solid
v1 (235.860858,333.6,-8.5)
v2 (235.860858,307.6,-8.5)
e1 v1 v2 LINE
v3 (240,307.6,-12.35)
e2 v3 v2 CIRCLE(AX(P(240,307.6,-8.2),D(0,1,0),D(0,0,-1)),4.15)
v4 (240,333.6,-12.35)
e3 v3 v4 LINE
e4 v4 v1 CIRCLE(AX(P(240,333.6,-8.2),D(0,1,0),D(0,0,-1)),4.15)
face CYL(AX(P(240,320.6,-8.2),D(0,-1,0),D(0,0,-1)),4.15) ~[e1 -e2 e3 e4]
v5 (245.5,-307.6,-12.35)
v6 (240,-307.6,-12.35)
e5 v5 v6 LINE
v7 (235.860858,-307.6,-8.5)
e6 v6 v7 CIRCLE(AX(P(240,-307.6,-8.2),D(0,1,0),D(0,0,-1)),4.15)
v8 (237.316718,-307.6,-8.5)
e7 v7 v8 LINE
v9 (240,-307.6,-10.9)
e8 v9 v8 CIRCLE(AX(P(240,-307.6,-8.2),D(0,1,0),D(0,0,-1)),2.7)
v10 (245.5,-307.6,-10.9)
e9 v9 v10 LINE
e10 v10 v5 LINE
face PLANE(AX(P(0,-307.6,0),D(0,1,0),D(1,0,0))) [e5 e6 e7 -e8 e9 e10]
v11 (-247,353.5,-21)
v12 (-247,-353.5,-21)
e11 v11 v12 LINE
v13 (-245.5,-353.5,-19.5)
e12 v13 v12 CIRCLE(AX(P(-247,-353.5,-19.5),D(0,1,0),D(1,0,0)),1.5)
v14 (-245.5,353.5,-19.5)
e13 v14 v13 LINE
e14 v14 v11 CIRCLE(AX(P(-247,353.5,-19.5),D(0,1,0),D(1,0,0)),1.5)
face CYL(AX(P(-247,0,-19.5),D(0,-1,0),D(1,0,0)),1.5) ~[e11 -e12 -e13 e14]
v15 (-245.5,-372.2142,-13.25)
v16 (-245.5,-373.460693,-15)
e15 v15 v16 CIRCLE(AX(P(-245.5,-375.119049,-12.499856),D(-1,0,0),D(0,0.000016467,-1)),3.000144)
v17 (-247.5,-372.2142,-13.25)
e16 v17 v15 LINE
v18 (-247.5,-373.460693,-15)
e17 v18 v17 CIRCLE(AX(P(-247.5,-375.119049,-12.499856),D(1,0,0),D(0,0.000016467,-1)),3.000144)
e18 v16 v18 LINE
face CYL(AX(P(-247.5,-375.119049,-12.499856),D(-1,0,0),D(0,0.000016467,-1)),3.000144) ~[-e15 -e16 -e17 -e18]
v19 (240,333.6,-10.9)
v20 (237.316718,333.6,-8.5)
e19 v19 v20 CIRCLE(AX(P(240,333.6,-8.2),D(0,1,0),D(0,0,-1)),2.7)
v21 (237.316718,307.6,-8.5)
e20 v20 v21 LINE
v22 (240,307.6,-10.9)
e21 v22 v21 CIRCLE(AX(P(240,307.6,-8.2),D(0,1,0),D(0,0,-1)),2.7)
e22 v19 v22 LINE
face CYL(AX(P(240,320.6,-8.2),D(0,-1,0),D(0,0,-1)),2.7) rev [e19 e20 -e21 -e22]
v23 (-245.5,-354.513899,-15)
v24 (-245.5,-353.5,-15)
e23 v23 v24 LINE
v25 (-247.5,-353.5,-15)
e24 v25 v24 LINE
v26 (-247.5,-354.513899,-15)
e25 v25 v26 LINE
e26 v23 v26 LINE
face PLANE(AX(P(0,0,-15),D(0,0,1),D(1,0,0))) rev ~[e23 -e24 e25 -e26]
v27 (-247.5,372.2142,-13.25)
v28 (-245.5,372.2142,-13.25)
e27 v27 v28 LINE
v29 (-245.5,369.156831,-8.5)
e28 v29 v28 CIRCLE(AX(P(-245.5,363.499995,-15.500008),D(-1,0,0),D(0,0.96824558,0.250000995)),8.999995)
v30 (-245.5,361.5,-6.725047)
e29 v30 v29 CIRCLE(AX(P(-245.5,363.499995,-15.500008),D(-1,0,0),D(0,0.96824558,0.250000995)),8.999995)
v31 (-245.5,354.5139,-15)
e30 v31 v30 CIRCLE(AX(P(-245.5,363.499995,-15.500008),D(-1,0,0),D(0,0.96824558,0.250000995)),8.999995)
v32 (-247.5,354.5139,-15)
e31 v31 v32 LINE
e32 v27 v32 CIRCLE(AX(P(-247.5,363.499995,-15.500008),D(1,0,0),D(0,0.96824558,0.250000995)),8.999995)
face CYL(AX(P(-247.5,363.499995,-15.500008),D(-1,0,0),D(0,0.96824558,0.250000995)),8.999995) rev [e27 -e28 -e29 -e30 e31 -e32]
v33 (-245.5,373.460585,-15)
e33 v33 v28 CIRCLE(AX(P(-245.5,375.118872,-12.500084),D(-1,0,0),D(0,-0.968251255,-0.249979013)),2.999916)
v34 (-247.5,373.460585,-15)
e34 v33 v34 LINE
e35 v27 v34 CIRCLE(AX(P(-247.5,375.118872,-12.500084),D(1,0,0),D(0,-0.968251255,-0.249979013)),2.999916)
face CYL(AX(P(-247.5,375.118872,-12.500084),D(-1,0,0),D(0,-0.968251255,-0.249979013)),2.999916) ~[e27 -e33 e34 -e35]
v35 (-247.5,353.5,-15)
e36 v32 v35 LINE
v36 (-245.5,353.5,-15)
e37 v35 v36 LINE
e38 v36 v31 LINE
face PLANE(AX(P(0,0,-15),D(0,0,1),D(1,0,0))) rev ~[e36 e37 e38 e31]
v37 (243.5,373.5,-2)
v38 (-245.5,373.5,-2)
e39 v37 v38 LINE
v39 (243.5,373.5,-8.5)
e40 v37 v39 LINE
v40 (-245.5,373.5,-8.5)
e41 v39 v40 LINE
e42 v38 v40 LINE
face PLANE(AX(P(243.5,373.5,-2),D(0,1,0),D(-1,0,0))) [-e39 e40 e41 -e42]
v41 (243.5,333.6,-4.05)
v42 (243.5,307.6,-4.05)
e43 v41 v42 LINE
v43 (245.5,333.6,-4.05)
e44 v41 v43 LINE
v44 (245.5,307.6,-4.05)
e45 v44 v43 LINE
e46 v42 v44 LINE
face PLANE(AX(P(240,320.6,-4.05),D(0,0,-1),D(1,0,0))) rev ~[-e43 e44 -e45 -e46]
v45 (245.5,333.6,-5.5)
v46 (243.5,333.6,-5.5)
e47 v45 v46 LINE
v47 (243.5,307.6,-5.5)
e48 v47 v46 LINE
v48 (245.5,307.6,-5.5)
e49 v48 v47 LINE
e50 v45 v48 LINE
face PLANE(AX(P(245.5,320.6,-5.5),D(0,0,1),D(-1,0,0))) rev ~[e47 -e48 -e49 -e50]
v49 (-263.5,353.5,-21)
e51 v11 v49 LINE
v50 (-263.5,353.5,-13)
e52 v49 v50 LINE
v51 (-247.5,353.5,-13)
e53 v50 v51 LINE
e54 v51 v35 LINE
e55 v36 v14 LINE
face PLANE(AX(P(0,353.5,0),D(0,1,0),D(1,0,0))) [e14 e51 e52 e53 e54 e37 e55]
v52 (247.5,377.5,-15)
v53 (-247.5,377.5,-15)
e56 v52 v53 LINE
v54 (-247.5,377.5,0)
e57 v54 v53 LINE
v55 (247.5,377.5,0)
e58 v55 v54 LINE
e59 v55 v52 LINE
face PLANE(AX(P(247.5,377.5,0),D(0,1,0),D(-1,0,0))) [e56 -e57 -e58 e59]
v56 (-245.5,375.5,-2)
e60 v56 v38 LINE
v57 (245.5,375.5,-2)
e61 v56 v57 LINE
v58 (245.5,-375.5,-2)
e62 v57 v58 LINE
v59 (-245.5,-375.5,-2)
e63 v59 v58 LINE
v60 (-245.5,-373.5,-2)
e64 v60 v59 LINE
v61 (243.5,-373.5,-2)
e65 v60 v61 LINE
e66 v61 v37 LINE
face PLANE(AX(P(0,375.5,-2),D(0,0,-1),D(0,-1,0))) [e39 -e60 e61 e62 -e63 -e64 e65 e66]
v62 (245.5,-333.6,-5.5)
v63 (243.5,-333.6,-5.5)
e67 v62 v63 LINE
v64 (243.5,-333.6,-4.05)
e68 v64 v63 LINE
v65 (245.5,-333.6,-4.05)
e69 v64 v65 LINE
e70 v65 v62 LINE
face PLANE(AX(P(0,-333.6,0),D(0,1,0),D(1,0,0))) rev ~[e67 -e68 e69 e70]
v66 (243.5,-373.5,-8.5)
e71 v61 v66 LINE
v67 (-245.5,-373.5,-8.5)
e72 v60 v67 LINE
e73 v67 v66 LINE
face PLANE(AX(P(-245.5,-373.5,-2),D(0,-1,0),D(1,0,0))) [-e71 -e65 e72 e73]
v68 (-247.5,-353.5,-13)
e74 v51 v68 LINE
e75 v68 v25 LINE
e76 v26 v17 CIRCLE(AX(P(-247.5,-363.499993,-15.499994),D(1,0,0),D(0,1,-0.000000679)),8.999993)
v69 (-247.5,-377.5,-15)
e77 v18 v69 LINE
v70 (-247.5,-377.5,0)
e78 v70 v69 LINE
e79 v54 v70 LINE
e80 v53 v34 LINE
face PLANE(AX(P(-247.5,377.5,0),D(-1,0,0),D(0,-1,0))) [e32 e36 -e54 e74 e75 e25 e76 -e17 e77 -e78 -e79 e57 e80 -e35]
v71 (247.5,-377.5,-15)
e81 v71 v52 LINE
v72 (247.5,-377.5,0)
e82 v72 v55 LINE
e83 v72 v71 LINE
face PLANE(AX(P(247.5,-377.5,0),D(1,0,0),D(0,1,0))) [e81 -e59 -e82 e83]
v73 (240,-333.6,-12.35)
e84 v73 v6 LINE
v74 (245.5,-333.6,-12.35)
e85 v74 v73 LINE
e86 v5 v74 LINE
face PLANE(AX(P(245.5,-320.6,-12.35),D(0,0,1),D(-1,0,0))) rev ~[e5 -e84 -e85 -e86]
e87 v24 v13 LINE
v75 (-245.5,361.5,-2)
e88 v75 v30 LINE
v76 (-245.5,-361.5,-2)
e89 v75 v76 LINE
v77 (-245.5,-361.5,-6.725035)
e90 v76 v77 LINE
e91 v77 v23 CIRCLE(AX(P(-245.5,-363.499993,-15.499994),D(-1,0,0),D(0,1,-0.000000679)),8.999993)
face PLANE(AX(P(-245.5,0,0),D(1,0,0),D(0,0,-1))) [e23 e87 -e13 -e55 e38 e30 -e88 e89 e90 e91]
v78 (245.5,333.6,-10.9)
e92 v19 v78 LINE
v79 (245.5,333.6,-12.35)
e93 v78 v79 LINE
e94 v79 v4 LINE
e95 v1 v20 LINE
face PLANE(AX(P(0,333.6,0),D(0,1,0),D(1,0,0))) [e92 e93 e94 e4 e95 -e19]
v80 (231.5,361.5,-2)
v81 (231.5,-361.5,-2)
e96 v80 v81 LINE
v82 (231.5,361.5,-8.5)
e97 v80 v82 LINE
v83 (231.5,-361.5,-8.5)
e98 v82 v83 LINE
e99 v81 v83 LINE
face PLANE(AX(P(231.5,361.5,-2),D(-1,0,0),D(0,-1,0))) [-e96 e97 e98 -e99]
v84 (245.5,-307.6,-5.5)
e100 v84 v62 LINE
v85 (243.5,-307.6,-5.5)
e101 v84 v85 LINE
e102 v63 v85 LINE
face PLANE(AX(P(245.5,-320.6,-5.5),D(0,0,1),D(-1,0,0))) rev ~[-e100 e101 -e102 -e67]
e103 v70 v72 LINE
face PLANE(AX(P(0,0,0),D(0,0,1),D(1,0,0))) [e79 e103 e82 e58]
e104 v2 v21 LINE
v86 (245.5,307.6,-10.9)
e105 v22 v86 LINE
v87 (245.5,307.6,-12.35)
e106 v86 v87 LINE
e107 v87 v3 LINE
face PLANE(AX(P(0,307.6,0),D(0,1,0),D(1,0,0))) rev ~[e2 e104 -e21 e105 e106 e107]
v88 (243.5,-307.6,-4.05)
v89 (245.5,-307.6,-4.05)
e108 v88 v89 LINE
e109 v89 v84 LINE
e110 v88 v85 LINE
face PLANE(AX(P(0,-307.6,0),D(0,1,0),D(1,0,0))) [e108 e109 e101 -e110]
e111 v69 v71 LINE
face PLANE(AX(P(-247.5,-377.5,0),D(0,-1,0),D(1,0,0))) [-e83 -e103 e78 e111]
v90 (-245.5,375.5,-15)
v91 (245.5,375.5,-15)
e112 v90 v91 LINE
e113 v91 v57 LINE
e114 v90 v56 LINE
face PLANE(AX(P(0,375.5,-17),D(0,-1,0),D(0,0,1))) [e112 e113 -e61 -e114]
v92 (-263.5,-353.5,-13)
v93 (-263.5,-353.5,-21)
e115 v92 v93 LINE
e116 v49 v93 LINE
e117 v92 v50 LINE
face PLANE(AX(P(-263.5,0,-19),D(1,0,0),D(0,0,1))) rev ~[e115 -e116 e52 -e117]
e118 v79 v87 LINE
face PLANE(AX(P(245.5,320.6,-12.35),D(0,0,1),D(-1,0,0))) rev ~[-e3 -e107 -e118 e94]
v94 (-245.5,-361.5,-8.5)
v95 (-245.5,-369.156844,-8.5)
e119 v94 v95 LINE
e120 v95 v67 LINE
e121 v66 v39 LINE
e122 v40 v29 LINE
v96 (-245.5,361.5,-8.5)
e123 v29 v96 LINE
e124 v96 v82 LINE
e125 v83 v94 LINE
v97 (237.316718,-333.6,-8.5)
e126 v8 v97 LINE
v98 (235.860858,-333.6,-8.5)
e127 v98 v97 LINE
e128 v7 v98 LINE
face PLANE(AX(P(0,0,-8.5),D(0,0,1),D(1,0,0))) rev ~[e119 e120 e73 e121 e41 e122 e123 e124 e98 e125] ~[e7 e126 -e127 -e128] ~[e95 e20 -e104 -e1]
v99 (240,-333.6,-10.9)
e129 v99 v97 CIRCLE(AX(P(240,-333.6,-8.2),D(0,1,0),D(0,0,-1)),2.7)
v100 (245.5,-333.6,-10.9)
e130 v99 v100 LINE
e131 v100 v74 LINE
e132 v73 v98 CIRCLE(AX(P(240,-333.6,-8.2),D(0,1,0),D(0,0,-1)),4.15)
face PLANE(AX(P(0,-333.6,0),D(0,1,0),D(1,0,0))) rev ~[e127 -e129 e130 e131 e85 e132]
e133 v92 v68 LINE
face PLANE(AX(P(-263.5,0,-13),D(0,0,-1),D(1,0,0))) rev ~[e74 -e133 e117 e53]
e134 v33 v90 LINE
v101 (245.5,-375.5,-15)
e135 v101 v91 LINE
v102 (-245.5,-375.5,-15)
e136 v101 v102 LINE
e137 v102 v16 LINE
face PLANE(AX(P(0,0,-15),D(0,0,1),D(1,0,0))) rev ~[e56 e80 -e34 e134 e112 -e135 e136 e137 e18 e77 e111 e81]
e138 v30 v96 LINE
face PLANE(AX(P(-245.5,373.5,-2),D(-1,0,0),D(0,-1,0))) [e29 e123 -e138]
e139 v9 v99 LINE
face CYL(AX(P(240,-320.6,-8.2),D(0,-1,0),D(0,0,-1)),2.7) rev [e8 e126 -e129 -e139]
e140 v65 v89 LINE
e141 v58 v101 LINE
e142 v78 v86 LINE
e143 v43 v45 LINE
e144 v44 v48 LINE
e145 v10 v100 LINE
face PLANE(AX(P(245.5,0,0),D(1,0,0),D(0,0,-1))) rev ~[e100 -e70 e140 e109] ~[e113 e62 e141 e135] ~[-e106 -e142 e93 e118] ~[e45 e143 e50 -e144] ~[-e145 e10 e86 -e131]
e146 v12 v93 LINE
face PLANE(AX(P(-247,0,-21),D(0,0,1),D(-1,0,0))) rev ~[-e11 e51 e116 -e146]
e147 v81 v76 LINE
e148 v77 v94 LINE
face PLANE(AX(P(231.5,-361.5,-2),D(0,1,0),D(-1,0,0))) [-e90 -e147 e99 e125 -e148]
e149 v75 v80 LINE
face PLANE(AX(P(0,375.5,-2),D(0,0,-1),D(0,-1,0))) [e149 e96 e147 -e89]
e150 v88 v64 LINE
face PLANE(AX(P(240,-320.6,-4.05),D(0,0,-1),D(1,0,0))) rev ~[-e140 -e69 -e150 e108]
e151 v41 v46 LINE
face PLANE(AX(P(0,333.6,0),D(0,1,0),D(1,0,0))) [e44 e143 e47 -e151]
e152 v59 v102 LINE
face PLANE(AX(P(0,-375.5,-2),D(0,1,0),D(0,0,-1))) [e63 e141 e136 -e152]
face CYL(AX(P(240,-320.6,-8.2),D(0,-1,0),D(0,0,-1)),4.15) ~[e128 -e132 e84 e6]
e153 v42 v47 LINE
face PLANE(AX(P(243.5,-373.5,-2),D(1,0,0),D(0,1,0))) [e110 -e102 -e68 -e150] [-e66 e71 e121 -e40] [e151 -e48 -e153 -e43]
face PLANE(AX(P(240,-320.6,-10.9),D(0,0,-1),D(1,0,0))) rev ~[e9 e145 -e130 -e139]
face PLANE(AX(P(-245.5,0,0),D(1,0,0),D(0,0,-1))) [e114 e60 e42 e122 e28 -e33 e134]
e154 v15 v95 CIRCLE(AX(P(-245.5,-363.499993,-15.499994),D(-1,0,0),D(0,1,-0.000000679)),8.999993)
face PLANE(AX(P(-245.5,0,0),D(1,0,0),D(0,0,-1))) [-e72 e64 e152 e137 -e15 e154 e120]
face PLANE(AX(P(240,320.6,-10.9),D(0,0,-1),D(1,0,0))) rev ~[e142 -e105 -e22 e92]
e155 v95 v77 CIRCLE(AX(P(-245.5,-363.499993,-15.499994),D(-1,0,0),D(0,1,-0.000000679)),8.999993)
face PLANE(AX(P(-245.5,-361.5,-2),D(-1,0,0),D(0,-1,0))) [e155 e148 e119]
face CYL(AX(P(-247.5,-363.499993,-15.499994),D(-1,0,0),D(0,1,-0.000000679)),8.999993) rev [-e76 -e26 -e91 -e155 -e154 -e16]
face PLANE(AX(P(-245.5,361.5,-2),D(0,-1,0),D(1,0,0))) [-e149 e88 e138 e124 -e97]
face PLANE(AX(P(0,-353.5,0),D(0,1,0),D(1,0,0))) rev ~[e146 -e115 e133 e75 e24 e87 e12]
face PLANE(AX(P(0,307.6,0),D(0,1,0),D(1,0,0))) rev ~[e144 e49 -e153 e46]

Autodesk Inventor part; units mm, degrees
sketch "Skizze_1" plane through (0, 0, 0) normal (0, 0, 1) x (1, 0, 0)
  line L0 (-247.5, 377.5) -> (-247.5, -377.5)
  line L1 (-247.5, -377.5) -> (247.5, -377.5)
  line L2 (247.5, -377.5) -> (247.5, 377.5)
  line L3 (247.5, 377.5) -> (-247.5, 377.5)
extrude "Extrusion1" add sketch "Skizze_1" against normal blind 15
sketch "Skizze_2" plane through (0, 0, 0) normal (1, 0, 0) x (0, 0, -1)
  line L0 (2, 375.5) -> (2, -375.5)
  line L1 (2, -375.5) -> (17, -375.5)
  line L2 (17, -375.5) -> (17, 375.5)
  line L3 (17, 375.5) -> (2, 375.5)
extrude "Extrusion2" cut sketch "Skizze_2" along normal mid plane 491
sketch "Skizze_3" plane through (0, 0, -2) normal (0, 0, 1) x (1, 0, 0)
  line L0 (-245.5, 361.5) -> (231.5, 361.5)
  line L1 (231.5, 361.5) -> (231.5, -361.5)
  line L2 (231.5, -361.5) -> (-245.5, -361.5)
  line L3 (-245.5, -361.5) -> (-245.5, -373.5)
  line L4 (-245.5, -373.5) -> (243.5, -373.5)
  line L5 (243.5, -373.5) -> (243.5, 373.5)
  line L6 (243.5, 373.5) -> (-245.5, 373.5)
  line L7 (-245.5, 373.5) -> (-245.5, 361.5)
sketch "Skizze_21" plane through (0, -320.6, 0) normal (0, 1, 0) x (1, 0, 0)
  arc A0 (240, 12.35) -> (240, 4.05) centre (240, 8.2) ccw
  line L0 (240, 4.05) -> (245.5, 4.05)
  line L1 (245.5, 4.05) -> (245.5, 5.5)
  line L2 (245.5, 5.5) -> (240, 5.5)
  arc A1 (240, 10.9) -> (240, 5.5) centre (240, 8.2) ccw
  line L3 (240, 10.9) -> (245.5, 10.9)
  line L4 (245.5, 10.9) -> (245.5, 12.35)
  line L5 (245.5, 12.35) -> (240, 12.35)
extrude "Extrusion3" add sketch "Skizze_21" along normal mid plane 26
sketch "Skizze_22" plane through (0, 320.6, 0) normal (0, 1, 0) x (1, 0, 0)
  arc A0 (240, 12.35) -> (240, 4.05) centre (240, 8.2) ccw
  line L0 (240, 4.05) -> (245.5, 4.05)
  line L1 (245.5, 4.05) -> (245.5, 5.5)
  line L2 (245.5, 5.5) -> (240, 5.5)
  arc A1 (240, 10.9) -> (240, 5.5) centre (240, 8.2) ccw
  line L3 (240, 10.9) -> (245.5, 10.9)
  line L4 (245.5, 10.9) -> (245.5, 12.35)
  line L5 (245.5, 12.35) -> (240, 12.35)
extrude "Extrusion4" add sketch "Skizze_22" along normal mid plane 26
sketch "Skizze_23" plane through (0, 0, 0) normal (0, 1, 0) x (1, 0, 0)
  line L0 (-263.5, 19) -> (-248, 19)
  arc A0 (-247.5, 18.5) -> (-248, 19) centre (-248, 18.5) ccw
  line L1 (-247.5, 18.5) -> (-247.5, 15)
  line L2 (-247.5, 15) -> (-245.5, 15)
  line L3 (-245.5, 15) -> (-245.5, 19.5)
  arc A1 (-245.5, 19.5) -> (-247, 21) centre (-247, 19.5) ccw
  line L4 (-247, 21) -> (-263.5, 21)
  line L5 (-263.5, 21) -> (-263.5, 19)
extrude "Extrusion5" add sketch "Skizze_23" along normal mid plane 707
sketch "Skizze_24" plane through (-247.5, 0, 0) normal (1, 0, 0) x (0, 0, -1)
  arc A0 (13.25, 372.2142) -> (15.5, 354.5) centre (15.5, 363.5) ccw
  line L0 (15.5, 354.5) -> (15.5, 375.119)
  arc A1 (13.25, 372.2142) -> (15.5, 375.119) centre (12.5, 375.119) ccw
extrude "Extrusion6" cut sketch "Skizze_24" along normal blind 3
sketch "Skizze_26" plane through (-247.5, 0, 0) normal (1, 0, 0) x (0, 0, -1)
  arc A0 (15.5, -354.5) -> (13.25, -372.2142) centre (15.5, -363.5) ccw
  arc A1 (15.5, -375.119) -> (13.25, -372.2142) centre (12.5, -375.119) ccw
  line L0 (15.5, -375.119) -> (15.5, -354.5)
extrude "Extrusion7" cut sketch "Skizze_26" along normal blind 3
sketch "Skizze_27" plane through (0, 0, 0) normal (0, 1, 0) x (1, 0, 0)
  line L0 (-263.5, 19) -> (-263.5, 13)
  line L1 (-263.5, 13) -> (-247.5, 13)
  line L2 (-247.5, 13) -> (-247.5, 19)
  line L3 (-247.5, 19) -> (-263.5, 19)
extrude "Extrusion8" add sketch "Skizze_27" along normal mid plane 707
extrude "Extrusion9" add sketch "Skizze_3" against normal blind 6.5
ref_plane "DPB21_XY" through (247.5, 377.5, 0) normal (0, 0, 1) x (1, 0, 0)
ref_plane "DPB21_YZ" through (247.5, 377.5, 0) normal (1, 0, 0) x (0, 1, 0)
ref_plane "DPB21_ZX" through (247.5, 377.5, 0) normal (0, 1, 0) x (0, 0, 1)
ref_plane "DPB211_XY" through (250, 377.5, 0) normal (0, 0, 1) x (1, 0, 0)
ref_plane "DPB211_YZ" through (250, 377.5, 0) normal (1, 0, 0) x (0, 1, 0)
ref_plane "DPB211_ZX" through (250, 377.5, 0) normal (0, 1, 0) x (0, 0, 1)
ref_plane "DPB22_XY" through (-247.5, 377.5, 0) normal (0, 0, 1) x (1, 0, 0)
ref_plane "DPB22_YZ" through (-247.5, 377.5, 0) normal (1, 0, 0) x (0, 1, 0)
ref_plane "DPB22_ZX" through (-247.5, 377.5, 0) normal (0, 1, 0) x (0, 0, 1)
ref_plane "DPB41_XY" through (205.5, 349, 0) normal (0, 0, 1) x (1, 0, 0)
ref_plane "DPB41_YZ" through (205.5, 349, 0) normal (1, 0, 0) x (0, 1, 0)
ref_plane "DPB41_ZX" through (205.5, 349, 0) normal (0, 1, 0) x (0, 0, 1)
ref_plane "DPB42_XY" through (-218.5, 299, 0) normal (0, 0, 1) x (1, 0, 0)
ref_plane "DPB42_YZ" through (-218.5, 299, 0) normal (1, 0, 0) x (0, 1, 0)
ref_plane "DPB42_ZX" through (-218.5, 299, 0) normal (0, 1, 0) x (0, 0, 1)
ref_plane "DPB51_XY" through (-224.5, 287.5, 0) normal (0, 0, 1) x (1, 0, 0)
ref_plane "DPB51_YZ" through (-224.5, 287.5, 0) normal (1, 0, 0) x (0, 1, 0)
ref_plane "DPB51_ZX" through (-224.5, 287.5, 0) normal (0, 1, 0) x (0, 0, 1)
ref_plane "DPB52_XY" through (211.5, 337.5, 0) normal (0, 0, 1) x (1, 0, 0)
ref_plane "DPB52_YZ" through (211.5, 337.5, 0) normal (1, 0, 0) x (0, 1, 0)
ref_plane "DPB52_ZX" through (211.5, 337.5, 0) normal (0, 1, 0) x (0, 0, 1)
ref_plane "tuer_XY" through (240, -320.6, -8.2) normal (0, 1, 0) x (1, 0, 0)
ref_plane "tuer_YZ" through (240, -320.6, -8.2) normal (1, 0, 0) x (0, 0, -1)
ref_plane "tuer_ZX" through (240, -320.6, -8.2) normal (0, 0, -1) x (0, 1, 0)
ref_plane "tuer_l_XY" through (240, 320.6, -8.2) normal (0, 1, 0) x (1, 0, 0)
ref_plane "tuer_l_YZ" through (240, 320.6, -8.2) normal (1, 0, 0) x (0, 0, -1)
ref_plane "tuer_l_ZX" through (240, 320.6, -8.2) normal (0, 0, -1) x (0, 1, 0)
properties part number "1130_01_02 (2)"
